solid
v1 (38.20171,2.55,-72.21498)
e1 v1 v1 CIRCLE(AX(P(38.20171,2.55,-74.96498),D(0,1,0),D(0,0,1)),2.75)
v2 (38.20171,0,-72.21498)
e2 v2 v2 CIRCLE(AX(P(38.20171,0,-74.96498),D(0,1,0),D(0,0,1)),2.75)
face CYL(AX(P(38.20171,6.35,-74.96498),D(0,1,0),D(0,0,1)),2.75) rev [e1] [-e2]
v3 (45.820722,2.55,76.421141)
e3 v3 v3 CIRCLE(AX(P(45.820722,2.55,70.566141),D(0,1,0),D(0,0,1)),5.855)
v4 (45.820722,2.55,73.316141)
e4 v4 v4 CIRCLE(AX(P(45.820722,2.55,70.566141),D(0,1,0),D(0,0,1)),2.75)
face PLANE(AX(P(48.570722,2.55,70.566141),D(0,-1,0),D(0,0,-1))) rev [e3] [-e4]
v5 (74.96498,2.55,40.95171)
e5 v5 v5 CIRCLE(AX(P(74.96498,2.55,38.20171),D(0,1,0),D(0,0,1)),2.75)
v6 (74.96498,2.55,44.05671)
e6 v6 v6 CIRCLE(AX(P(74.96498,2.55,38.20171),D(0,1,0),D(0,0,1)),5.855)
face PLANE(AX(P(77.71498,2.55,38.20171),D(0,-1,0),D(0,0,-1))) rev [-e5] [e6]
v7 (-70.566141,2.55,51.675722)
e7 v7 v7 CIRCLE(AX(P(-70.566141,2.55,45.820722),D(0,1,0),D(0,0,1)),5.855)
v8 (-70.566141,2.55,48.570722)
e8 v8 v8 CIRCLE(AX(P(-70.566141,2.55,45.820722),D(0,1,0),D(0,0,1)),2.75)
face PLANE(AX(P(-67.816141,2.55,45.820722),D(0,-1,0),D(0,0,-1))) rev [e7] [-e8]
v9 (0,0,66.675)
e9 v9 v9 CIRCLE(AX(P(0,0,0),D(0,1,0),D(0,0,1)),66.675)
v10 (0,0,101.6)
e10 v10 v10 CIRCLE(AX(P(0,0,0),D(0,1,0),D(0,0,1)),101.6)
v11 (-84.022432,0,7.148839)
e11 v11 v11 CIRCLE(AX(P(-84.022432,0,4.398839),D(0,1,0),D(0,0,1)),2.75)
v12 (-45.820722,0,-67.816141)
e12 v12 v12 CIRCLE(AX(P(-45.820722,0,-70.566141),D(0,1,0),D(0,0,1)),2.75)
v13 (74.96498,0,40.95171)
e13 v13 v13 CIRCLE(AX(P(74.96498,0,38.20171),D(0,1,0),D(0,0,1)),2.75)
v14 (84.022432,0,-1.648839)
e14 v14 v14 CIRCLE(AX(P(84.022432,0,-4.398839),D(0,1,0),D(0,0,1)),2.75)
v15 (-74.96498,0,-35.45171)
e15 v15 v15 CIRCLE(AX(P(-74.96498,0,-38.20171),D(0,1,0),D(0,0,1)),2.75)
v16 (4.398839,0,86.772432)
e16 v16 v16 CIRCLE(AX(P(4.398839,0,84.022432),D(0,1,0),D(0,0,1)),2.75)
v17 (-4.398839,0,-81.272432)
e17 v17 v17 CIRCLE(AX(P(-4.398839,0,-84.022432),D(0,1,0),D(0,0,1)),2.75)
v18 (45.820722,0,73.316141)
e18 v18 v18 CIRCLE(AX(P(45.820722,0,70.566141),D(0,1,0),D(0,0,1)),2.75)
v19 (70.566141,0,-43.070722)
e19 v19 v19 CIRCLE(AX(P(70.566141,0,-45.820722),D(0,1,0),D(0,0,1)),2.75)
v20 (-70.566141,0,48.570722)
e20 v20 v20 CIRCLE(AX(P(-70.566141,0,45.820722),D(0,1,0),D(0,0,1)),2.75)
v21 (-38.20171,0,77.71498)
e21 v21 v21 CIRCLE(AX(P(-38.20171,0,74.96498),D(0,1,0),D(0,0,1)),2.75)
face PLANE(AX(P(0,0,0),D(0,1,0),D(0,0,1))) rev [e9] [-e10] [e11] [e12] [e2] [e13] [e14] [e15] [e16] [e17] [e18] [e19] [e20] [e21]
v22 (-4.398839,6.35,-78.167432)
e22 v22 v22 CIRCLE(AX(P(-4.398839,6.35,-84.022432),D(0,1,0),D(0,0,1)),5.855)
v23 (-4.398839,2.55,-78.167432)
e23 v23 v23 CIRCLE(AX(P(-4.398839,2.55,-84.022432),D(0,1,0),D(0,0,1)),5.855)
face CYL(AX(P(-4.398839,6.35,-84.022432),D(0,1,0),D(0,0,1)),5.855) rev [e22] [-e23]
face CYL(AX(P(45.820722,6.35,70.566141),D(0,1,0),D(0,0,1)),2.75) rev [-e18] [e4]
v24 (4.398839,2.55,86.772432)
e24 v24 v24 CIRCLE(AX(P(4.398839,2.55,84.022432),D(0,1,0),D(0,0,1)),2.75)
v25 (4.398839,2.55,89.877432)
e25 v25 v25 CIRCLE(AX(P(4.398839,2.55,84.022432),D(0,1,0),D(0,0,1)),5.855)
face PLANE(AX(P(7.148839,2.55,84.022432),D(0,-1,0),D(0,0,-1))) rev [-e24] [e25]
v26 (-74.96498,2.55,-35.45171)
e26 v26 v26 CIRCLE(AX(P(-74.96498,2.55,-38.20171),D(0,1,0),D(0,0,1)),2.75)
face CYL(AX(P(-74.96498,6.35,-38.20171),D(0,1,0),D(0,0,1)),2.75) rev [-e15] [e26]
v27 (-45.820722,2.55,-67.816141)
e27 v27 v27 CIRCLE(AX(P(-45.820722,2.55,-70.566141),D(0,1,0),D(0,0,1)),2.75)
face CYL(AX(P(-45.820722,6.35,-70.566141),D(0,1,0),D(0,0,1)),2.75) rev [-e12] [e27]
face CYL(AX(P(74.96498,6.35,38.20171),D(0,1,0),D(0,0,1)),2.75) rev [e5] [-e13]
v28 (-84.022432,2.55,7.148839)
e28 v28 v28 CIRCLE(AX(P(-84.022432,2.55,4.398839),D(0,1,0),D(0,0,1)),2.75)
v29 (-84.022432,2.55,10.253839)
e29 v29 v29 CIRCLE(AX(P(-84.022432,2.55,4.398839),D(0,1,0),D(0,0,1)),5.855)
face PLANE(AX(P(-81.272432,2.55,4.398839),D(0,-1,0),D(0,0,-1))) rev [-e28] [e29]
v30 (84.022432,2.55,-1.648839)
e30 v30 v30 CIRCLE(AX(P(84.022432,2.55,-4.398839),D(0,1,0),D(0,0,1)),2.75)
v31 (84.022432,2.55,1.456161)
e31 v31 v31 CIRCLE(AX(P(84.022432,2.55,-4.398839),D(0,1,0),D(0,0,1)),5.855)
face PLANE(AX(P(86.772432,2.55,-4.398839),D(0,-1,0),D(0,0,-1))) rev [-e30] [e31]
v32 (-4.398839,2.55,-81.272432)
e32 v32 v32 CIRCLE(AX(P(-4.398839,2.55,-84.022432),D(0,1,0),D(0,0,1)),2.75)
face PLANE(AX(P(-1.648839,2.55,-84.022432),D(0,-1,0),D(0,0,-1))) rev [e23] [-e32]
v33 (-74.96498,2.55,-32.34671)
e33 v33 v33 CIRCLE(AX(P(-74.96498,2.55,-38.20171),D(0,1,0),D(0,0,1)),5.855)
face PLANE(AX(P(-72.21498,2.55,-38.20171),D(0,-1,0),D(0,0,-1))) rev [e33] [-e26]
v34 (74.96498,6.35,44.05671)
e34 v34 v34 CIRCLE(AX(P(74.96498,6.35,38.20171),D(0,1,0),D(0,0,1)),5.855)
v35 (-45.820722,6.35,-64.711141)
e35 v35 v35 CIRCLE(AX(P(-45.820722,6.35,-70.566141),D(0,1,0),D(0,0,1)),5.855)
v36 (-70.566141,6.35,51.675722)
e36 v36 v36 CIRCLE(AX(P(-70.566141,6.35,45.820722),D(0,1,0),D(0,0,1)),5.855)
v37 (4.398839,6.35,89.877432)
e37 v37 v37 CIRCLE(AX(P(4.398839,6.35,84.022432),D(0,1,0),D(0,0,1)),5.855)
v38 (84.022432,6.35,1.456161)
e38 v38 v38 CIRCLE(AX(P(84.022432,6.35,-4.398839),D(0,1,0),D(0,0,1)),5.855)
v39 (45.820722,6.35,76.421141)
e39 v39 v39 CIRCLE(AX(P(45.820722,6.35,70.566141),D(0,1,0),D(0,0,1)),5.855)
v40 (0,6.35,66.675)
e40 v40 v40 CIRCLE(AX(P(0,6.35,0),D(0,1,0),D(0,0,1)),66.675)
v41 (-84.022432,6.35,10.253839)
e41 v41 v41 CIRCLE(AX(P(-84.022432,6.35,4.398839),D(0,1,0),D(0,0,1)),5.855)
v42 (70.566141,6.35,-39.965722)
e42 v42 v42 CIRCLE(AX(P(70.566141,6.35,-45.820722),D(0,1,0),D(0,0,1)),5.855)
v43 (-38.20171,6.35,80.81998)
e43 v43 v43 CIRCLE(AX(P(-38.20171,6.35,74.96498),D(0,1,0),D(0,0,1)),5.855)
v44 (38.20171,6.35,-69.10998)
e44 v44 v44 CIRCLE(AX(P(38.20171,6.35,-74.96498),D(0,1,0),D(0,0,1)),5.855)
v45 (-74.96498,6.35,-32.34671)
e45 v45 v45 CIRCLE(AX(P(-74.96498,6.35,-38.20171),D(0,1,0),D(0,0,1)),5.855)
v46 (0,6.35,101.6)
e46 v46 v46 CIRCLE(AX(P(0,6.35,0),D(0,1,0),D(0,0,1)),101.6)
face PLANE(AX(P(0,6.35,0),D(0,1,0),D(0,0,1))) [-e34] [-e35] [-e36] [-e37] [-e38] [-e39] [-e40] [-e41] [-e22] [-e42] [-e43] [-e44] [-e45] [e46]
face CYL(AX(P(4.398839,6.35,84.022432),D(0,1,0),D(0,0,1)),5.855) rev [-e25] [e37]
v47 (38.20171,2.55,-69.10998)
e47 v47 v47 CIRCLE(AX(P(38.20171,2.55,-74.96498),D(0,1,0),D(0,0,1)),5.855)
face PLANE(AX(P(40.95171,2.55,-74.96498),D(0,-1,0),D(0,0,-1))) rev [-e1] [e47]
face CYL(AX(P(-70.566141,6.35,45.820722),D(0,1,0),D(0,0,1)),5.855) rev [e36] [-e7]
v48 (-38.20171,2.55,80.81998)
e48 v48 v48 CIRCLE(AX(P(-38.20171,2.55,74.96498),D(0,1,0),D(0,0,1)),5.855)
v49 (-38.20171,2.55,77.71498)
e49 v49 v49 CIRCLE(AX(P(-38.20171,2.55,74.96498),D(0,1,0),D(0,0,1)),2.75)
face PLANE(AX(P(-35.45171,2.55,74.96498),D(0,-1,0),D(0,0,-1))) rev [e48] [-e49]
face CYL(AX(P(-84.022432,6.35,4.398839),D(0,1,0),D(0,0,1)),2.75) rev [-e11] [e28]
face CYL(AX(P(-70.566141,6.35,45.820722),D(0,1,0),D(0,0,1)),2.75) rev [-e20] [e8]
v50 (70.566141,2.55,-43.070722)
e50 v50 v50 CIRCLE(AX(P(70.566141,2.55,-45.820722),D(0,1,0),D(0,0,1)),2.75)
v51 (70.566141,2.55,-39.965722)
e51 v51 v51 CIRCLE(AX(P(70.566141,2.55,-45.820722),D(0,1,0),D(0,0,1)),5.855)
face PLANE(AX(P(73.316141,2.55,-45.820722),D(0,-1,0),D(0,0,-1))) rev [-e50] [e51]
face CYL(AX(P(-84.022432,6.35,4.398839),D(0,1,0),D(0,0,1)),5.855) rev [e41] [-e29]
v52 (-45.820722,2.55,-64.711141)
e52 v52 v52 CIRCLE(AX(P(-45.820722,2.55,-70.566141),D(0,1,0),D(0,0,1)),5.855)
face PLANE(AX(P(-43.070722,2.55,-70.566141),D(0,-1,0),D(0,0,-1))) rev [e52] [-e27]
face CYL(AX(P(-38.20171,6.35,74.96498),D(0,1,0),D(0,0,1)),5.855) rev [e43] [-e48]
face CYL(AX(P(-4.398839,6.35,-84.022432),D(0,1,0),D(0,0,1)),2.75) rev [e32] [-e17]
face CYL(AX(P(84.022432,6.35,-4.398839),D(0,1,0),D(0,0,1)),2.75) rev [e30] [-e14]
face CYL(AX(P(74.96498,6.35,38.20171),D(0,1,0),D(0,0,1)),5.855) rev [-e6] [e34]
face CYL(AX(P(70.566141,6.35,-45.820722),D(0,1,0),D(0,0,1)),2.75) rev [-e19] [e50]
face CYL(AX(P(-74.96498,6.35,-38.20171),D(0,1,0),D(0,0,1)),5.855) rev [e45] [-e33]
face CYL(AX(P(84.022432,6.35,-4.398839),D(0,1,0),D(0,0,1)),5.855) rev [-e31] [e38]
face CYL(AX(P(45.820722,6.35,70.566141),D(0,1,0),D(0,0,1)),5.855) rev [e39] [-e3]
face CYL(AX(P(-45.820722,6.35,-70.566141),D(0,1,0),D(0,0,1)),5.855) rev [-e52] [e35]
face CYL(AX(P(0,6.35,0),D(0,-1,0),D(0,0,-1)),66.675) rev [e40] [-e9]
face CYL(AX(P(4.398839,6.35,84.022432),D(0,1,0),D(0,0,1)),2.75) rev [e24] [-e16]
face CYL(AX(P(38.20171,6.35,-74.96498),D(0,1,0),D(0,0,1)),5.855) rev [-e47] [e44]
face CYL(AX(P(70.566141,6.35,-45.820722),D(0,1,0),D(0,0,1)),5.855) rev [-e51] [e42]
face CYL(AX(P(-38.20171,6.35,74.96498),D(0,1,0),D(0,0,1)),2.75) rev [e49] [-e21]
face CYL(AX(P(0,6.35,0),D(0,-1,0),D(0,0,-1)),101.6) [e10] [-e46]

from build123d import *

# Parameters (mm, degrees)
SKETCH1_R                                        = 101.6
SKETCH1_R_2                                      = 66.675
SKETCH1_R_3                                      = 0.254
BOSS_EXTRUDE1_DEPTH                              = 6.35
CBORE_FOR_M5_HEX_HEAD_MACHINE_SCREW1_D           = 5.5
CBORE_FOR_M5_HEX_HEAD_MACHINE_SCREW1_CBORE_D     = 11.71
CBORE_FOR_M5_HEX_HEAD_MACHINE_SCREW1_CBORE_DEPTH = 3.8
CIRPATTERN1_COUNT                                = 12


with BuildPart() as part:
    # Sketch1 → Boss-Extrude1 (new body)
    with BuildSketch(Plane(origin=(0, 0, 0), x_dir=(1, 0, 0), z_dir=(0, 1, 0))):
        with Locations(Location((0, 0, 0), (0, 0, 270))):
            Circle(SKETCH1_R)
        with Locations(Location((0, 0, 0), (0, 0, 270))):
            Circle(SKETCH1_R_2, mode=Mode.SUBTRACT)
        with Locations(Location((-74.964980341, 38.201709762, 0), (0, 0, 270))):
            Circle(SKETCH1_R_3, mode=Mode.SUBTRACT)
    extrude(amount=BOSS_EXTRUDE1_DEPTH)

    # CBORE for M5 Hex Head Machine Screw1 (through all)
    with Locations(Plane(origin=(0, 6.35, 0), x_dir=(1, 0, 0), z_dir=(0, 1, 0))):
        with Locations((-74.964980341, 38.201709762)):
            cbore_for_m5_hex_head_machine_screw1 = CounterBoreHole(CBORE_FOR_M5_HEX_HEAD_MACHINE_SCREW1_D / 2, CBORE_FOR_M5_HEX_HEAD_MACHINE_SCREW1_CBORE_D / 2, CBORE_FOR_M5_HEX_HEAD_MACHINE_SCREW1_CBORE_DEPTH)

    # CirPattern1: CBORE for M5 Hex Head Machine Screw1 ×12 about axis
    cirpattern1_axis = Axis((0, 0, 0), (0, 1, 0))
    for i in range(1, CIRPATTERN1_COUNT):
        add(cbore_for_m5_hex_head_machine_screw1.rotate(cirpattern1_axis, i * 360 / CIRPATTERN1_COUNT), mode=Mode.SUBTRACT)


solid = part.part
